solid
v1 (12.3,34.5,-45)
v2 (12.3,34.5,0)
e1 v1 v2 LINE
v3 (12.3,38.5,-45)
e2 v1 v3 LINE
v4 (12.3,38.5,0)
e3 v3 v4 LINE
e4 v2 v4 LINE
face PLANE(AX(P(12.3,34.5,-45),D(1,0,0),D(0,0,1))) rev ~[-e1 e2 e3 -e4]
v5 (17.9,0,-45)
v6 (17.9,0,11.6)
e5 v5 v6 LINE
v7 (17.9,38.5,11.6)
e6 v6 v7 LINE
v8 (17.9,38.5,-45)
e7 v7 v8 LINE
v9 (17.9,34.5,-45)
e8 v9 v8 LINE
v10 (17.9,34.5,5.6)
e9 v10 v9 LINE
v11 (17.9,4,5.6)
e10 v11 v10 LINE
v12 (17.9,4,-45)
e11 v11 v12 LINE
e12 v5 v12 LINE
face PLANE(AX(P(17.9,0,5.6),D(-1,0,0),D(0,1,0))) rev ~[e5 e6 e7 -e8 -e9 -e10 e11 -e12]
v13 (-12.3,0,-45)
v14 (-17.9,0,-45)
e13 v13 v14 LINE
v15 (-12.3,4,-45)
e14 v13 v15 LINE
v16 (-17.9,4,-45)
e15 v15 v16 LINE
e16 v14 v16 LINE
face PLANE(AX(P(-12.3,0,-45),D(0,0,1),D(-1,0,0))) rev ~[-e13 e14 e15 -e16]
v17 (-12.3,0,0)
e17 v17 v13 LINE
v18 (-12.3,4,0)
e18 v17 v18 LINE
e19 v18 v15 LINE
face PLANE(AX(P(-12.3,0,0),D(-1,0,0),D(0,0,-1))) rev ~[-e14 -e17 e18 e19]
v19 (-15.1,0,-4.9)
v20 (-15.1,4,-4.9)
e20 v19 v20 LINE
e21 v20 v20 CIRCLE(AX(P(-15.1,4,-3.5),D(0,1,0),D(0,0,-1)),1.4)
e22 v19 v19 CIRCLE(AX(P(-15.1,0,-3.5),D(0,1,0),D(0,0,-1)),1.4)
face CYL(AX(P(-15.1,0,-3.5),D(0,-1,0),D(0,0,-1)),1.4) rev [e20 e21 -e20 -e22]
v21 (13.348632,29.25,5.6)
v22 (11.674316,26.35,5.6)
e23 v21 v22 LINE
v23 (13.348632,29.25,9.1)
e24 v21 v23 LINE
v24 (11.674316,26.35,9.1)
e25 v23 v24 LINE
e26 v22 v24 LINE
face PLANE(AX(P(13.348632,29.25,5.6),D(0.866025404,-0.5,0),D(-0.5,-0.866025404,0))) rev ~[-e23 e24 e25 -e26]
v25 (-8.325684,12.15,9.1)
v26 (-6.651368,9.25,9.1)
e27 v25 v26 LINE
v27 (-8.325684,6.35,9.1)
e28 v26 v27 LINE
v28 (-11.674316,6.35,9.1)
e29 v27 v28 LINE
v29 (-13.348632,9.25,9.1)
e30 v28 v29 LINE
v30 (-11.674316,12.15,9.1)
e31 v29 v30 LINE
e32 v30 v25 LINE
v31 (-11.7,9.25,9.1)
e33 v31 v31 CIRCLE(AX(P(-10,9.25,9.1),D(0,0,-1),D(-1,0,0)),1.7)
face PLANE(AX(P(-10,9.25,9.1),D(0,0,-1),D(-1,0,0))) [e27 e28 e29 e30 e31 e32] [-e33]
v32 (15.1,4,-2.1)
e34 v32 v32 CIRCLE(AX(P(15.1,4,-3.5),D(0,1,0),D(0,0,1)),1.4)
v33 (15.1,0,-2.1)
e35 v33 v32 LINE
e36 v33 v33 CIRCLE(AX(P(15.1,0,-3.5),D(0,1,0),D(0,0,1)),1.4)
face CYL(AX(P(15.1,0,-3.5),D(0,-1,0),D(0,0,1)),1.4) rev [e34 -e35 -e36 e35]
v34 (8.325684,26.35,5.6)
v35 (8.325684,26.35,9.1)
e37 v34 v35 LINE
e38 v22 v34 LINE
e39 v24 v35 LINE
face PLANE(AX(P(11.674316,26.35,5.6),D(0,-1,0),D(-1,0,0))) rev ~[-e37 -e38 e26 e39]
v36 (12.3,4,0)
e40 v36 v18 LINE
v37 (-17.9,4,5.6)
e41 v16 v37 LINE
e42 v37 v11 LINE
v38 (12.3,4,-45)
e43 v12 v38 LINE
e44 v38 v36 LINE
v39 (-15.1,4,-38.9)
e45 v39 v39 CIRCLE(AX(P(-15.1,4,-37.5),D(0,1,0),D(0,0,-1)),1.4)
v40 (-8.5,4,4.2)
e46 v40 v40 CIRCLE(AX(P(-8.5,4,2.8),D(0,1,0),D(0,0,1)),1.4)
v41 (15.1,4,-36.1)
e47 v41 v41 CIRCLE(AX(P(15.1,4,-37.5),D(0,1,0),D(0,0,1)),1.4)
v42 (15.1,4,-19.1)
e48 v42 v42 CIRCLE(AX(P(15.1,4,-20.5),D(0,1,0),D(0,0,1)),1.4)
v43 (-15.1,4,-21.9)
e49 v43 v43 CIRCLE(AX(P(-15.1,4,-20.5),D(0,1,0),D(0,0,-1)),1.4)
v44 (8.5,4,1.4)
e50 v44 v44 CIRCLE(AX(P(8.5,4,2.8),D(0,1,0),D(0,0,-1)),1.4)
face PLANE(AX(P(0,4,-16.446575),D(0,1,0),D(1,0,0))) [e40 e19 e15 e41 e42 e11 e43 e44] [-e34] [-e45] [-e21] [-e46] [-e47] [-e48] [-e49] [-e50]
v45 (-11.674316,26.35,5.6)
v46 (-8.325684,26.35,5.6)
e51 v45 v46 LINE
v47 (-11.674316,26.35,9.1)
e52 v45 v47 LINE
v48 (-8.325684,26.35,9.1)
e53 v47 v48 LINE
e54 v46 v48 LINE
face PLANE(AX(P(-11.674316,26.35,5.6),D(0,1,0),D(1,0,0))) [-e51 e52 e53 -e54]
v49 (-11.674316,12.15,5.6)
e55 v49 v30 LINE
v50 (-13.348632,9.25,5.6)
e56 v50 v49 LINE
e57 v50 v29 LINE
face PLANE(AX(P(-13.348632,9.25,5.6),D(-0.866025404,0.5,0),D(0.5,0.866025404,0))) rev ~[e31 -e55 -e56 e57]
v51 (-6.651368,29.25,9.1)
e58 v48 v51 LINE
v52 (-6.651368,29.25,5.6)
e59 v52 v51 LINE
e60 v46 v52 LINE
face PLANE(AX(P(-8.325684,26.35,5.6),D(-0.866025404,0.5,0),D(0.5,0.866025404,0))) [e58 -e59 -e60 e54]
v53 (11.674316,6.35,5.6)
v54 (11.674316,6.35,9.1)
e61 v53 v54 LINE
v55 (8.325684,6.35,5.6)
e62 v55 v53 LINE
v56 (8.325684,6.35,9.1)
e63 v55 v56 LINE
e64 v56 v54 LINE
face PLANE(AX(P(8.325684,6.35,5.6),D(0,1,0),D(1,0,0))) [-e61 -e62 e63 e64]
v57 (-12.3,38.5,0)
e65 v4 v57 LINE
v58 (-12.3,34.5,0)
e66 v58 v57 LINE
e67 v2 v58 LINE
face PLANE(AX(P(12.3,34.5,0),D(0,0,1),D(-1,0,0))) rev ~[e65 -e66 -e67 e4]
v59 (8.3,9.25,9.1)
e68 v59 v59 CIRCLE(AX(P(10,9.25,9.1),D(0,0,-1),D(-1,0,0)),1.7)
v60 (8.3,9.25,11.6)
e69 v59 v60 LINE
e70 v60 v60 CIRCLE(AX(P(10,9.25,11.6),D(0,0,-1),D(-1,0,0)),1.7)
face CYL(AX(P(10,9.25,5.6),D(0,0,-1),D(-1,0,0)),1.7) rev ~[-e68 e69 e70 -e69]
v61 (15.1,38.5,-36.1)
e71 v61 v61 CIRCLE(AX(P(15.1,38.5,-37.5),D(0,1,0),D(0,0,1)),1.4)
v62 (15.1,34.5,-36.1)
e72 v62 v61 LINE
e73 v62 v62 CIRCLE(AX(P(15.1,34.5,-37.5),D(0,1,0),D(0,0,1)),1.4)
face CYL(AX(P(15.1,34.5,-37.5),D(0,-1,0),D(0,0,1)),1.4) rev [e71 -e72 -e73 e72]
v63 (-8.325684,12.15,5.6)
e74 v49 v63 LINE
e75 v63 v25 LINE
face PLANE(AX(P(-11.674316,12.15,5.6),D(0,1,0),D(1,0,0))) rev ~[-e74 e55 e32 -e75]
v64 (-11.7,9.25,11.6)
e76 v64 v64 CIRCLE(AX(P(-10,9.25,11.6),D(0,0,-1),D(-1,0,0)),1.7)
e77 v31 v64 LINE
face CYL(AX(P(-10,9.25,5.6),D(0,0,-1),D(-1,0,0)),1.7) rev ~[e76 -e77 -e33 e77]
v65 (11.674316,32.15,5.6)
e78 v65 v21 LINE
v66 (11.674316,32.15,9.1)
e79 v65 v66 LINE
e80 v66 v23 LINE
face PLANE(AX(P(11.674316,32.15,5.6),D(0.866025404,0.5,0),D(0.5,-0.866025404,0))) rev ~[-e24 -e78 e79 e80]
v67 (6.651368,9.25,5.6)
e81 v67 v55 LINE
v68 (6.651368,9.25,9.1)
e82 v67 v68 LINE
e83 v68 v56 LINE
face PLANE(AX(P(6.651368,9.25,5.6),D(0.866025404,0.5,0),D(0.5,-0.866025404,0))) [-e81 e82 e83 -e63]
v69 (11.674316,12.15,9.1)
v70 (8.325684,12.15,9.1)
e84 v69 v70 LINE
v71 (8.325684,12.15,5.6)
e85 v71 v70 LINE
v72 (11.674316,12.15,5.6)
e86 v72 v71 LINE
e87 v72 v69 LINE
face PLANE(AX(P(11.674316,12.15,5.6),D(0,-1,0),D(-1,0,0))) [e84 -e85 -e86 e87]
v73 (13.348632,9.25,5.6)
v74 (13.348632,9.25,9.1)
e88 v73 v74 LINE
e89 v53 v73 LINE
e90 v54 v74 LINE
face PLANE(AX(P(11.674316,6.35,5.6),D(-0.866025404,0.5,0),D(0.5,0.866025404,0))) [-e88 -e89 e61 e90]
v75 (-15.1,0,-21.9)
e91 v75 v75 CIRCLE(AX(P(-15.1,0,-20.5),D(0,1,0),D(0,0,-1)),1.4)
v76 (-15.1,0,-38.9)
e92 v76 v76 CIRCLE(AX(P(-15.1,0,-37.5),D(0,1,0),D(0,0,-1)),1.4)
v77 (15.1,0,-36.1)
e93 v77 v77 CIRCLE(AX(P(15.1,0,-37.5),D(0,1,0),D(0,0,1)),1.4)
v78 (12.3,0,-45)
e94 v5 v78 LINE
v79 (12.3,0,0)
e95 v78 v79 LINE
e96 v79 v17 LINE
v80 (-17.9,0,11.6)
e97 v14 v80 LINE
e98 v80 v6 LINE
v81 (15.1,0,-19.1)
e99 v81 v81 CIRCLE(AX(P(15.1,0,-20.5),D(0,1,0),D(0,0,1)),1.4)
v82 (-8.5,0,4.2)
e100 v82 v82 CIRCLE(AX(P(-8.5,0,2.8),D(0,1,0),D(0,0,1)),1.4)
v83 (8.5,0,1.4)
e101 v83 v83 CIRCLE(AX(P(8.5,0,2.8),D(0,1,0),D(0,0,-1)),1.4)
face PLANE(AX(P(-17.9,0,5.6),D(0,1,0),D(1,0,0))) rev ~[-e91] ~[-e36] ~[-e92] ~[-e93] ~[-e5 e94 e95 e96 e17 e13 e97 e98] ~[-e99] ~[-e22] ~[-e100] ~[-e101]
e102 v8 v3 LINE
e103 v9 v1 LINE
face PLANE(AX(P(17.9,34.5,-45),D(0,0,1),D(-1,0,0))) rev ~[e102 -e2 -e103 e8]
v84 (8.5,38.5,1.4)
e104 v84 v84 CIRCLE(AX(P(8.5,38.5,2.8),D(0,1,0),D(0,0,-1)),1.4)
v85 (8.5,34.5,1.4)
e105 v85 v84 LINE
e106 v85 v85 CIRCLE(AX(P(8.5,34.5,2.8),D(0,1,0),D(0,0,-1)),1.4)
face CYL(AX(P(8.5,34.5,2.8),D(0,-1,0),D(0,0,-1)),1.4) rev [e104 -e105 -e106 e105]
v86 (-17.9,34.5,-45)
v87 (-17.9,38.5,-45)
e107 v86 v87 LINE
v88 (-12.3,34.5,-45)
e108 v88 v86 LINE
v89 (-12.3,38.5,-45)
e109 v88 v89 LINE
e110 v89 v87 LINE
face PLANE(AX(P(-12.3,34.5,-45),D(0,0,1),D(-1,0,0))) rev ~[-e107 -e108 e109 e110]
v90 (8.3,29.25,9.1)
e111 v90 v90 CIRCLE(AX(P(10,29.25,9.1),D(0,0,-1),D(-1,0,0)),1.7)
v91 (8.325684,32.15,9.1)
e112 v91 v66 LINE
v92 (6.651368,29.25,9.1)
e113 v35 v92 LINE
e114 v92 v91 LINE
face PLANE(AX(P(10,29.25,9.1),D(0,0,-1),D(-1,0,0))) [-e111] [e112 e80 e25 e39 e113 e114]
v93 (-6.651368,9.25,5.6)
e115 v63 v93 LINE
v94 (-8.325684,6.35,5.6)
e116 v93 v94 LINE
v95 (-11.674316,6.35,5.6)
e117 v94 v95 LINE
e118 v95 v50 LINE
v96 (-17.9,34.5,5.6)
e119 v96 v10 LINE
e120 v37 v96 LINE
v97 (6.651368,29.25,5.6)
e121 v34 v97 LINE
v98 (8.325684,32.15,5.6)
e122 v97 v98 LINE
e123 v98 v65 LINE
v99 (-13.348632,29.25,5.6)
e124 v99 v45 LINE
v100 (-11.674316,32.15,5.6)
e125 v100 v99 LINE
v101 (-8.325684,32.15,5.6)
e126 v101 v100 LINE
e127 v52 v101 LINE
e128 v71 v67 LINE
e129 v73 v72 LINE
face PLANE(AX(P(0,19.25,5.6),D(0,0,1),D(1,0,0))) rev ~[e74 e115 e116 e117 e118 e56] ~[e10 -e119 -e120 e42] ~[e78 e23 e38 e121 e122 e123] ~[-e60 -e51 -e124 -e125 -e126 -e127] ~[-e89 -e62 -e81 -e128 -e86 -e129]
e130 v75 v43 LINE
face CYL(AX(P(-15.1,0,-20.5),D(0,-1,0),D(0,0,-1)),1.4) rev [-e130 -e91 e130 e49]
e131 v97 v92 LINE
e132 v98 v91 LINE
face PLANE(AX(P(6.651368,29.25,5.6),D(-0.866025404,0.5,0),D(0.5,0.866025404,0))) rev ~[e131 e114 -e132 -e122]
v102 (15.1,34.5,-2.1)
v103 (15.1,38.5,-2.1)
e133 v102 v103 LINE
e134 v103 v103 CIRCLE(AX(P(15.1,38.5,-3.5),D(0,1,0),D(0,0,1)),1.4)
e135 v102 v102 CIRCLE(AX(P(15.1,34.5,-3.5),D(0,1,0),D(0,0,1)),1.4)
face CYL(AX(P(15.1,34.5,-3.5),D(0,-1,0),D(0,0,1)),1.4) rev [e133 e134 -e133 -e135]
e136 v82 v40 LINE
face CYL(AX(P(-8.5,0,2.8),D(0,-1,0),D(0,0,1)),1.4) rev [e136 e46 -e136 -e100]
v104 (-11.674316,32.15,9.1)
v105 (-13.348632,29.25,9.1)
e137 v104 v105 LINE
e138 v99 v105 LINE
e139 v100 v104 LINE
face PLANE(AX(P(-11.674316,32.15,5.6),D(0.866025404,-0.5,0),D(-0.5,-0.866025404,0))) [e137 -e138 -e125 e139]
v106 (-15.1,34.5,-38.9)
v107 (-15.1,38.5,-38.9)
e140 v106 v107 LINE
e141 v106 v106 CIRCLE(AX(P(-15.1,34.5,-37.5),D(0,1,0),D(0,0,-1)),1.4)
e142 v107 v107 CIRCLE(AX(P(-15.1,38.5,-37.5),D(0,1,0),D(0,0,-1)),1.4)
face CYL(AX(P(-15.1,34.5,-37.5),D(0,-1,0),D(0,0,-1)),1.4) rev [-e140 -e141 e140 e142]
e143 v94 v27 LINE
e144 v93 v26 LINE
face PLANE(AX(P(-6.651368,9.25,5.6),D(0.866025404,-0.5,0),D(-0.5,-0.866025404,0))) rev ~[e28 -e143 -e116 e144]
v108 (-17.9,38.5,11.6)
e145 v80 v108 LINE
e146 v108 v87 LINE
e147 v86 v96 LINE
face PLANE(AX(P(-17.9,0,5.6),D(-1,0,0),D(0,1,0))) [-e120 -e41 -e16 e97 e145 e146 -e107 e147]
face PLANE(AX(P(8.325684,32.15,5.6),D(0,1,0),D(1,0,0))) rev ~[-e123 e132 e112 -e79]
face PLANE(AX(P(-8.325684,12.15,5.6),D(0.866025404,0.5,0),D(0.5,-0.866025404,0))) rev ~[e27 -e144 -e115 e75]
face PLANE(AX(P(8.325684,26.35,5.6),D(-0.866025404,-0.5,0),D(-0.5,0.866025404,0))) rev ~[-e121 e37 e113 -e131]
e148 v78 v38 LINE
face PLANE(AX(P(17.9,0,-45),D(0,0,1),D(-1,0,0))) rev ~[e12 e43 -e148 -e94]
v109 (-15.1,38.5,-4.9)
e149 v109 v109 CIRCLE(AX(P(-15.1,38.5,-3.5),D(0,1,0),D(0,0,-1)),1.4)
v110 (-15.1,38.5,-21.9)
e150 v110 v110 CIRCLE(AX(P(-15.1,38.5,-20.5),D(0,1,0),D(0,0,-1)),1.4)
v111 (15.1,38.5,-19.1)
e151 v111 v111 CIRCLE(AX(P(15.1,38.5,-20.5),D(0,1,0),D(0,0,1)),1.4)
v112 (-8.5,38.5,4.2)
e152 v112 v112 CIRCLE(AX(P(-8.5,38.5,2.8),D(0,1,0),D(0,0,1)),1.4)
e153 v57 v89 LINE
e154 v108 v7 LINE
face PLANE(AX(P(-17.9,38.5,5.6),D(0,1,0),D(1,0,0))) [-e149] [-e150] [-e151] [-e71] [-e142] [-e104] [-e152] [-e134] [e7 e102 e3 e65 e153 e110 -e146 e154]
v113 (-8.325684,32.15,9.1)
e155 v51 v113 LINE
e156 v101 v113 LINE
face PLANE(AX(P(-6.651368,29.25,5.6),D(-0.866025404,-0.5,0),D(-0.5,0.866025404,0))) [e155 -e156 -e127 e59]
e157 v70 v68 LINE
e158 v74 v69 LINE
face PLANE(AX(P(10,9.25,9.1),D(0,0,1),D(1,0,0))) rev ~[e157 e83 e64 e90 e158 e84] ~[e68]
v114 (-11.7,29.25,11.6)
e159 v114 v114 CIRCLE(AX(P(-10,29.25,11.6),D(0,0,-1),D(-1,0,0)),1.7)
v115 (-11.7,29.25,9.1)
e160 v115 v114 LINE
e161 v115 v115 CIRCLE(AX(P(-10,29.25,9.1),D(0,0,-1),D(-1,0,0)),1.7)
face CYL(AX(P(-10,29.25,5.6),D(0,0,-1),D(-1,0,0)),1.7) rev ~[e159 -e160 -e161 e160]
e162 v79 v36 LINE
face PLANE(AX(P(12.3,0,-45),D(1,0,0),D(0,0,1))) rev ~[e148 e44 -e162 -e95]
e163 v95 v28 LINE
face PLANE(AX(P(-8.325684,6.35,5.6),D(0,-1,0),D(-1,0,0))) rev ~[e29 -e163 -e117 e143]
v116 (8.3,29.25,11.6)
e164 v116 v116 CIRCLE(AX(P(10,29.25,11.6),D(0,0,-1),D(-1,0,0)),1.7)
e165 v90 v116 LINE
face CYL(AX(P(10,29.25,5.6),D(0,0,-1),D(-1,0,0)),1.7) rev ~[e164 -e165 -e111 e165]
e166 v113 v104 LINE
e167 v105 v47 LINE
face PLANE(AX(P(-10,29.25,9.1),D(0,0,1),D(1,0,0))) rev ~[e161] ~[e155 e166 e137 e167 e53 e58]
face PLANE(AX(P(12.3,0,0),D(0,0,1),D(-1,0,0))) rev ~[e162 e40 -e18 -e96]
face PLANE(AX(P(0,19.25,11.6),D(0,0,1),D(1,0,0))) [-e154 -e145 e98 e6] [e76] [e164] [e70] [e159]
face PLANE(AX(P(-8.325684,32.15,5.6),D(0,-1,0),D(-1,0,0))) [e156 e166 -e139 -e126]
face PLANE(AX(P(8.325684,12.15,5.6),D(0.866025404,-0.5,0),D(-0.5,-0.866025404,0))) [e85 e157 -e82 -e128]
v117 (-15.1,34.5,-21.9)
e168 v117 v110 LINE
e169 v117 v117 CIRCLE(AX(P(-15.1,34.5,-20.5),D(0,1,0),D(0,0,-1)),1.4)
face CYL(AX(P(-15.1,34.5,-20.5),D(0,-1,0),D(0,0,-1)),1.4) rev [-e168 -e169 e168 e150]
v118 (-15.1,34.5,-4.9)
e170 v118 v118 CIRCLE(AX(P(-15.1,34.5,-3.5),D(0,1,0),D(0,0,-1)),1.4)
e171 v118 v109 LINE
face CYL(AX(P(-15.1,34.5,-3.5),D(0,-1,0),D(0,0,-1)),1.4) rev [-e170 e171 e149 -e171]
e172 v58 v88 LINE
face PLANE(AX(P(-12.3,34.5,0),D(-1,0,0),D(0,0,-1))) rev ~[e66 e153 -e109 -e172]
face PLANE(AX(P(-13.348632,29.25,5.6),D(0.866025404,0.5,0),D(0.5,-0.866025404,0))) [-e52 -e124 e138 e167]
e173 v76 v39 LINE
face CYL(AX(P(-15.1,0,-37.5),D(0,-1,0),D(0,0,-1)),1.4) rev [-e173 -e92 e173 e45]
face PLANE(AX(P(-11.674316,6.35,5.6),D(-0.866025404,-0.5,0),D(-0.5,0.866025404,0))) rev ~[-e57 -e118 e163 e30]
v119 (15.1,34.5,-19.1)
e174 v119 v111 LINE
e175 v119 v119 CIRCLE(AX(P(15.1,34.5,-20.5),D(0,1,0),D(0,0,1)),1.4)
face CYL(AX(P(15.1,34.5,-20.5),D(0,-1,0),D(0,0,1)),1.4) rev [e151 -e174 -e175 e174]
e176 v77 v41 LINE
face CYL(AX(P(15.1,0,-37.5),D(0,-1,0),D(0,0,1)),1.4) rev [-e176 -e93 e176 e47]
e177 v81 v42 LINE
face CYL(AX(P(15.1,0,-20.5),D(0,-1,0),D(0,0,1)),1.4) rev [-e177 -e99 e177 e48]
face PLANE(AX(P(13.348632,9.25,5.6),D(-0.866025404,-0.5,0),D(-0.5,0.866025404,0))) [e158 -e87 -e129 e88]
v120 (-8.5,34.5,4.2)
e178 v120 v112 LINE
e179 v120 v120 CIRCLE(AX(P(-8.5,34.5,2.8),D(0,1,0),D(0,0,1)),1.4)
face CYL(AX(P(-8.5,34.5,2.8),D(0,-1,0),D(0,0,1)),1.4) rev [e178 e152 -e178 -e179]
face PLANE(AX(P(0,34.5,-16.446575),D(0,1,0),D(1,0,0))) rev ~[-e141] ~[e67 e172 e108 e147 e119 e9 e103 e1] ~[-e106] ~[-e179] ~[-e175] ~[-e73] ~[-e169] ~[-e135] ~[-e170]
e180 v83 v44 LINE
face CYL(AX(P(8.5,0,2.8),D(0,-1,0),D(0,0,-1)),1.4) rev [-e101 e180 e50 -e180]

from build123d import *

# Parameters (mm, degrees)
SKETCH1_R           = 1.4
BOSS_EXTRUDE1_DEPTH = 4
SKETCH2_R           = 1.4
BOSS_EXTRUDE2_DEPTH = 4
SKETCH3_W           = 35.8
SKETCH3_H           = 38.5
BOSS_EXTRUDE3_DEPTH = 6
CUT_EXTRUDE1_DEPTH  = 3.5
SKETCH5_R           = 1.7
CUT_EXTRUDE3_DEPTH  = 67.053160409


with BuildPart() as part:
    # Sketch1 → Boss-Extrude1 (new body)
    with BuildSketch(Plane(origin=(0, 0, 0), x_dir=(1, 0, 0), z_dir=(0, 1, 0))):
        Polygon((-17.9, 45), (-17.9, -5.6), (17.9, -5.6), (17.9, 45), (12.3, 45), (12.3, 0), (-12.3, 0), (-12.3, 45), align=None)
        with Locations(Location((-8.5, -2.8, 0), (0, 0, 270))):
            Circle(SKETCH1_R, mode=Mode.SUBTRACT)
        with Locations(Location((8.5, -2.8, 0), (0, 0, 90))):
            Circle(SKETCH1_R, mode=Mode.SUBTRACT)
        with Locations(Location((15.1, 37.5, 0), (0, 0, 270))):
            Circle(SKETCH1_R, mode=Mode.SUBTRACT)
        with Locations(Location((15.1, 20.5, 0), (0, 0, 270))):
            Circle(SKETCH1_R, mode=Mode.SUBTRACT)
        with Locations(Location((15.1, 3.5, 0), (0, 0, 270))):
            Circle(SKETCH1_R, mode=Mode.SUBTRACT)
        with Locations(Location((-15.1, 3.5, 0), (0, 0, 90))):
            Circle(SKETCH1_R, mode=Mode.SUBTRACT)
        with Locations(Location((-15.1, 20.5, 0), (0, 0, 90))):
            Circle(SKETCH1_R, mode=Mode.SUBTRACT)
        with Locations(Location((-15.1, 37.5, 0), (0, 0, 90))):
            Circle(SKETCH1_R, mode=Mode.SUBTRACT)
    extrude(amount=BOSS_EXTRUDE1_DEPTH)



with BuildPart() as body_2:
    # Sketch2 → Boss-Extrude2 (new body)
    with BuildSketch(Plane(origin=(0, 34.5, 0), x_dir=(1, 0, 0), z_dir=(0, 1, 0))):
        Polygon((-17.9, -5.6), (17.9, -5.6), (17.9, 45), (12.3, 45), (12.3, 0), (-12.3, 0), (-12.3, 45), (-17.9, 45), align=None)
        with Locations(Location((8.5, -2.8, 0), (0, 0, 90))):
            Circle(SKETCH2_R, mode=Mode.SUBTRACT)
        with Locations(Location((-8.5, -2.8, 0), (0, 0, 270))):
            Circle(SKETCH2_R, mode=Mode.SUBTRACT)
        with Locations(Location((-15.1, 3.5, 0), (0, 0, 90))):
            Circle(SKETCH2_R, mode=Mode.SUBTRACT)
        with Locations(Location((-15.1, 20.5, 0), (0, 0, 90))):
            Circle(SKETCH2_R, mode=Mode.SUBTRACT)
        with Locations(Location((15.1, 3.5, 0), (0, 0, 270))):
            Circle(SKETCH2_R, mode=Mode.SUBTRACT)
        with Locations(Location((15.1, 20.5, 0), (0, 0, 270))):
            Circle(SKETCH2_R, mode=Mode.SUBTRACT)
        with Locations(Location((15.1, 37.5, 0), (0, 0, 270))):
            Circle(SKETCH2_R, mode=Mode.SUBTRACT)
        with Locations(Location((-15.1, 37.5, 0), (0, 0, 90))):
            Circle(SKETCH2_R, mode=Mode.SUBTRACT)
    extrude(amount=BOSS_EXTRUDE2_DEPTH)


with BuildPart() as part_1:
    add(part.part)

    add(body_2.part)  # Boss-Extrude3 merges body 2
    # Sketch3 → Boss-Extrude3 (add)
    with BuildSketch(Plane.XY.offset(5.6)):
        with Locations((0, 19.25)):
            Rectangle(SKETCH3_W, SKETCH3_H)
    extrude(amount=BOSS_EXTRUDE3_DEPTH)

    # Sketch4 → Cut-Extrude1 (cut)
    with BuildSketch(Plane(origin=(0, 0, 5.6), x_dir=(-1, 0, 0), z_dir=(0, 0, -1))):
        Polygon((8.325684219, 26.35), (6.651368439, 29.25), (8.325684219, 32.15), (11.674315781, 32.15), (13.348631561, 29.25), (11.674315781, 26.35), align=None)
        Polygon((-8.325684219, 26.35), (-6.651368439, 29.25), (-8.325684219, 32.15), (-11.674315781, 32.15), (-13.348631561, 29.25), (-11.674315781, 26.35), align=None)
        Polygon((6.651368439, 9.25), (8.325684219, 6.35), (11.674315781, 6.35), (13.348631561, 9.25), (11.674315781, 12.15), (8.325684219, 12.15), align=None)
        Polygon((-6.651368439, 9.25), (-8.325684219, 6.35), (-11.674315781, 6.35), (-13.348631561, 9.25), (-11.674315781, 12.15), (-8.325684219, 12.15), align=None)
    extrude(amount=-CUT_EXTRUDE1_DEPTH, mode=Mode.SUBTRACT)

    # Sketch5 → Cut-Extrude3 (cut, through all)
    with BuildSketch(Plane(origin=(0, 0, 5.6), x_dir=(-1, 0, 0), z_dir=(0, 0, -1))):
        with Locations((-10, 29.25)):
            Circle(SKETCH5_R)
        with Locations((-10, 9.25)):
            Circle(SKETCH5_R)
        with Locations((10, 9.25)):
            Circle(SKETCH5_R)
        with Locations((10, 29.25)):
            Circle(SKETCH5_R)
    extrude(amount=-CUT_EXTRUDE3_DEPTH, mode=Mode.SUBTRACT)


solid = part_1.part
